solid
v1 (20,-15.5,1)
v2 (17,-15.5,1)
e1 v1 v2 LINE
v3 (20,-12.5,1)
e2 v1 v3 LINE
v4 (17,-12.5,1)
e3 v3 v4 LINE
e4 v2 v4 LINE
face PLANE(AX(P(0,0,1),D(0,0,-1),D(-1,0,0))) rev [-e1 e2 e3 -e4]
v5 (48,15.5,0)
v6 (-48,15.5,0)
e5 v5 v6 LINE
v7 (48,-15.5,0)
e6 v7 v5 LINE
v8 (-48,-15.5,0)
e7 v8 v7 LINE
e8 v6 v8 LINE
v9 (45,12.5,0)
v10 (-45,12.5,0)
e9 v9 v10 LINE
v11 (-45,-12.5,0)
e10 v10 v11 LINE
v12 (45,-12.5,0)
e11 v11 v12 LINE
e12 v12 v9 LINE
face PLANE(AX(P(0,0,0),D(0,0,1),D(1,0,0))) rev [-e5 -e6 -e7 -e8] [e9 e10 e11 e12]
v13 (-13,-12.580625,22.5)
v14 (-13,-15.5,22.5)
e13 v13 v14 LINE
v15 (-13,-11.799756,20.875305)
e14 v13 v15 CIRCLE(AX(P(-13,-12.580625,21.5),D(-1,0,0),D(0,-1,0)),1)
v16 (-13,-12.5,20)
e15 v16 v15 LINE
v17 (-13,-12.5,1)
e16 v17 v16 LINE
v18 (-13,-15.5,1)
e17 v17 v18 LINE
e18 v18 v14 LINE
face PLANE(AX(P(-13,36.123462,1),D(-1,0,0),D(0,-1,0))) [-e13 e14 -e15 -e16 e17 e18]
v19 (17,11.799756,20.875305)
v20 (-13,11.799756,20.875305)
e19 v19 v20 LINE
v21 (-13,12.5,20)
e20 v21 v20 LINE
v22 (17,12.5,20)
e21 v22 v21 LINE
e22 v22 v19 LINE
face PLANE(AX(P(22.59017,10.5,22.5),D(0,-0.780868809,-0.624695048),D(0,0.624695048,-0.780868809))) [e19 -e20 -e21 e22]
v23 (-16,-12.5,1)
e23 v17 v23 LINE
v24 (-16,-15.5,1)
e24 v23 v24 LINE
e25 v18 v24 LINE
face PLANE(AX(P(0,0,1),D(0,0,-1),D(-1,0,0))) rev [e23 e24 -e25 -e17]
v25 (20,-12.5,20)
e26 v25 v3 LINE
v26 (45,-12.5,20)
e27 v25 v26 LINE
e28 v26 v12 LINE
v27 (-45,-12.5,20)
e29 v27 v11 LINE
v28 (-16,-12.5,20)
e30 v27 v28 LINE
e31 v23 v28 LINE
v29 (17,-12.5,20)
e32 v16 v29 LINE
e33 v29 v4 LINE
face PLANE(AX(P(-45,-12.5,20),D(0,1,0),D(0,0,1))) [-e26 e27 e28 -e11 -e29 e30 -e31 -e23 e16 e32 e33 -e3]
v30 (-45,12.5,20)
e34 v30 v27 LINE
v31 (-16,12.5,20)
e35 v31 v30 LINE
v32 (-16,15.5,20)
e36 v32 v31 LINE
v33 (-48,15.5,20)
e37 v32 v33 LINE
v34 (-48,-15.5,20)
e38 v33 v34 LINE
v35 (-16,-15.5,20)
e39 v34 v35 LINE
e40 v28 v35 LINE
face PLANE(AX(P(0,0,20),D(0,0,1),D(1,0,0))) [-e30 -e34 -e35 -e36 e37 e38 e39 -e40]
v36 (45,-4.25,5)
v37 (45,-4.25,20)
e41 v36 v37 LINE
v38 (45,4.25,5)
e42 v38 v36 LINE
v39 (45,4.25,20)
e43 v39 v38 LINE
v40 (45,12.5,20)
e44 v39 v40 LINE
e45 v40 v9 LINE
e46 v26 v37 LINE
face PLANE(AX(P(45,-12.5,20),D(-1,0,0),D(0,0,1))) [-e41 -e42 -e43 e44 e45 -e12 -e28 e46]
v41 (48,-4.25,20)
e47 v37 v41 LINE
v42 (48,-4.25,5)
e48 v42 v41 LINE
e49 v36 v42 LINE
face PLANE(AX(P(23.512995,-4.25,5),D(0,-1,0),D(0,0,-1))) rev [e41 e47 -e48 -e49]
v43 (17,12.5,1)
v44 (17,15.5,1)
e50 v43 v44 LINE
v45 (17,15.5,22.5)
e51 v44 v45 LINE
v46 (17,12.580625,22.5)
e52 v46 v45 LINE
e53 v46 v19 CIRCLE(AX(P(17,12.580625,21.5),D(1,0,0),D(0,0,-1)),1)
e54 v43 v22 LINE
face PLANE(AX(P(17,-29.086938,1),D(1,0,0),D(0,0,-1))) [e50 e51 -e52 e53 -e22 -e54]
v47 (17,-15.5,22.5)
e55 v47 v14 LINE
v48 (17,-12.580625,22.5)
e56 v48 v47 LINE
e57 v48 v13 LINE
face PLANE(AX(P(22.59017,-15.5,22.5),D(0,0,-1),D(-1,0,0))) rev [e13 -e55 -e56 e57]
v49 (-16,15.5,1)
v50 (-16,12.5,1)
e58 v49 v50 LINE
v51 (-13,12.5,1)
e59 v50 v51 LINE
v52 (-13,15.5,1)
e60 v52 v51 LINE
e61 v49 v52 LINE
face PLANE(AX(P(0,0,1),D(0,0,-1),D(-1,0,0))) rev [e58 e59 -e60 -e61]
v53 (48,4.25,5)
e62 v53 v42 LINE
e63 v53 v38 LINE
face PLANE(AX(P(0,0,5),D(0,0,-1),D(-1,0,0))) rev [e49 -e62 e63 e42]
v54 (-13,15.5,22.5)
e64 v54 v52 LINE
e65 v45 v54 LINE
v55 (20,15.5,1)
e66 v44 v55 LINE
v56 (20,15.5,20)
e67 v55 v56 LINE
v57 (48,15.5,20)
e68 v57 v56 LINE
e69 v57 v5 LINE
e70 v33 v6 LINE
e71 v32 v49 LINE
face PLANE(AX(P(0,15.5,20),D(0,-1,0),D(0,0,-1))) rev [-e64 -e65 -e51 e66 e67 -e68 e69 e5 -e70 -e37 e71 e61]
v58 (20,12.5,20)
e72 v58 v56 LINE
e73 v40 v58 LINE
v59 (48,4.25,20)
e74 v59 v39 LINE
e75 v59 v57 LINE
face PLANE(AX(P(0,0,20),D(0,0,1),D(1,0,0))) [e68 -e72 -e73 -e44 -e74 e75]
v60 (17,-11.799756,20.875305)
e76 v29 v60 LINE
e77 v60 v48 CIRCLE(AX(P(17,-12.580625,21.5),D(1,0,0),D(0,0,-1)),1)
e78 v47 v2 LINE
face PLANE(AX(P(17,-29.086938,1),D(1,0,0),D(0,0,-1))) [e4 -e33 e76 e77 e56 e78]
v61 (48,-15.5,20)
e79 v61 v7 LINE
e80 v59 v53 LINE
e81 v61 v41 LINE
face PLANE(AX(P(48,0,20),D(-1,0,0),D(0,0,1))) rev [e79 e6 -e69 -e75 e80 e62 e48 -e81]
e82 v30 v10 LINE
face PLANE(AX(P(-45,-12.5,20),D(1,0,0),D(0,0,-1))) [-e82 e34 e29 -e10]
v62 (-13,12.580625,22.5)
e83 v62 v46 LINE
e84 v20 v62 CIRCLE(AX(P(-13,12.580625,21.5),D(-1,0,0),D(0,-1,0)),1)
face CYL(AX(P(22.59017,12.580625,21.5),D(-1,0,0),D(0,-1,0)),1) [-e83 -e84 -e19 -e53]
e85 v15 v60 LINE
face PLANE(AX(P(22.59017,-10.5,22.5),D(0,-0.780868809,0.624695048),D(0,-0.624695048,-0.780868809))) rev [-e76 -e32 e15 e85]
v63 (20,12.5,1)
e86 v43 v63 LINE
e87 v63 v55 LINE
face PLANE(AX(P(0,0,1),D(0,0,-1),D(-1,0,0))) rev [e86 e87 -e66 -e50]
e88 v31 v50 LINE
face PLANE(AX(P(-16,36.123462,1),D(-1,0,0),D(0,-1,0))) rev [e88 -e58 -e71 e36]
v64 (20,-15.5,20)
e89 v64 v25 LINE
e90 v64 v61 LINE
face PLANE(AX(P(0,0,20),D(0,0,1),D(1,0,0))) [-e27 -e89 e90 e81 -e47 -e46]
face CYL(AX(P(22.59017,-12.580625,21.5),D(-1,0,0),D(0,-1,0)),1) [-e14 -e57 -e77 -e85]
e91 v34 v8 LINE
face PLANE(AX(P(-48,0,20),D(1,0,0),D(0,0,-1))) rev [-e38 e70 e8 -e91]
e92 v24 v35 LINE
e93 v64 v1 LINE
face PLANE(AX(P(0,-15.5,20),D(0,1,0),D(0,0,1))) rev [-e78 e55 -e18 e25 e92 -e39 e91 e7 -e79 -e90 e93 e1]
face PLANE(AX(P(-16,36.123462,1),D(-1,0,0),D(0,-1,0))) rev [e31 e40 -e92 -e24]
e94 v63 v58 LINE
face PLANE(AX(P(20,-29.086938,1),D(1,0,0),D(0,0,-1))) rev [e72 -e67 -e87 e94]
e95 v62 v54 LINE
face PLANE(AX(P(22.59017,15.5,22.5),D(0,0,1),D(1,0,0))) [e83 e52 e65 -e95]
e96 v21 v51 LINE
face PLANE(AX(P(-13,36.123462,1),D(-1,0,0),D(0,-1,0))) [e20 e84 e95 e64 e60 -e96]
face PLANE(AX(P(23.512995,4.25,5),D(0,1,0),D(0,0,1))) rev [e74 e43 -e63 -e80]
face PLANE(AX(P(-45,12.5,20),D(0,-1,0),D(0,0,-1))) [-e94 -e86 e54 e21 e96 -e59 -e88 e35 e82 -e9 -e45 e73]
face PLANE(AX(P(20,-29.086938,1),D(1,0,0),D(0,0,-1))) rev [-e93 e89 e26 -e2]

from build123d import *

# Parameters (mm, degrees)
SKETCH_1_W             = 96
SKETCH_1_H             = 31
SKETCH_1_W_2           = 90
SKETCH_1_H_2           = 25
EXTRUDE_1_DEPTH        = 20
SKETCH_2_W             = 42.974010058
SKETCH_2_H             = 8.5
CUT_EXTRUDE_1_DEPTH    = 15
SKETCH_3_W             = 3
SKETCH_3_H             = 65.210399997
CUT_EXTRUDE_1_2_DEPTH  = 19
EXTRUDE_1_2_DEPTH      = 30
FILLET_1_R             = 1
FILLET_1_OF_MIRROR_2_R = 1


with BuildPart() as part:
    # 草图1 → Extrude 1 (new body)
    with BuildSketch(Plane.XY):
        Rectangle(SKETCH_1_W, SKETCH_1_H)
        Rectangle(SKETCH_1_W_2, SKETCH_1_H_2, mode=Mode.SUBTRACT)
    extrude(amount=EXTRUDE_1_DEPTH)

    # 草图2 → Cut-Extrude 1 (cut)
    with BuildSketch(Plane.XY.offset(20)):
        with Locations((45, 0)):
            Rectangle(SKETCH_2_W, SKETCH_2_H)
    extrude(amount=-CUT_EXTRUDE_1_DEPTH, mode=Mode.SUBTRACT)

    # 草图3 → Cut-Extrude 1 2 (cut)
    with BuildSketch(Plane.XY.offset(20)):
        with Locations((-14.5, 3.518261773)):
            Rectangle(SKETCH_3_W, SKETCH_3_H)
        with Locations((18.5, 3.518261773)):
            Rectangle(SKETCH_3_W, SKETCH_3_H)
    extrude(amount=-CUT_EXTRUDE_1_2_DEPTH, mode=Mode.SUBTRACT)

    # 草图4 → Extrude 1 2 (add)
    with BuildSketch(Plane.ZY.offset(13)):
        Polygon((20, 15.5), (22.5, 15.5), (22.5, 10.5), (20, 12.5), align=None)
    extrude_1_2 = extrude(amount=-EXTRUDE_1_2_DEPTH)

    # 圆角1
    fillet_1_edges = [part.edges().sort_by_distance(p)[0] for p in [
        (2, 10.5, 22.5),
    ]]
    fillet(fillet_1_edges, radius=FILLET_1_R)

    # 镜向2: Extrude 1 2 across plane
    add(extrude_1_2.mirror(Plane.ZX))

    # 圆角1 of 镜向2
    fillet_1_of_mirror_2_edges = [part.edges().sort_by_distance(p)[0] for p in [
        (2, -10.5, 22.5),
    ]]
    fillet(fillet_1_of_mirror_2_edges, radius=FILLET_1_OF_MIRROR_2_R)


solid = part.part
